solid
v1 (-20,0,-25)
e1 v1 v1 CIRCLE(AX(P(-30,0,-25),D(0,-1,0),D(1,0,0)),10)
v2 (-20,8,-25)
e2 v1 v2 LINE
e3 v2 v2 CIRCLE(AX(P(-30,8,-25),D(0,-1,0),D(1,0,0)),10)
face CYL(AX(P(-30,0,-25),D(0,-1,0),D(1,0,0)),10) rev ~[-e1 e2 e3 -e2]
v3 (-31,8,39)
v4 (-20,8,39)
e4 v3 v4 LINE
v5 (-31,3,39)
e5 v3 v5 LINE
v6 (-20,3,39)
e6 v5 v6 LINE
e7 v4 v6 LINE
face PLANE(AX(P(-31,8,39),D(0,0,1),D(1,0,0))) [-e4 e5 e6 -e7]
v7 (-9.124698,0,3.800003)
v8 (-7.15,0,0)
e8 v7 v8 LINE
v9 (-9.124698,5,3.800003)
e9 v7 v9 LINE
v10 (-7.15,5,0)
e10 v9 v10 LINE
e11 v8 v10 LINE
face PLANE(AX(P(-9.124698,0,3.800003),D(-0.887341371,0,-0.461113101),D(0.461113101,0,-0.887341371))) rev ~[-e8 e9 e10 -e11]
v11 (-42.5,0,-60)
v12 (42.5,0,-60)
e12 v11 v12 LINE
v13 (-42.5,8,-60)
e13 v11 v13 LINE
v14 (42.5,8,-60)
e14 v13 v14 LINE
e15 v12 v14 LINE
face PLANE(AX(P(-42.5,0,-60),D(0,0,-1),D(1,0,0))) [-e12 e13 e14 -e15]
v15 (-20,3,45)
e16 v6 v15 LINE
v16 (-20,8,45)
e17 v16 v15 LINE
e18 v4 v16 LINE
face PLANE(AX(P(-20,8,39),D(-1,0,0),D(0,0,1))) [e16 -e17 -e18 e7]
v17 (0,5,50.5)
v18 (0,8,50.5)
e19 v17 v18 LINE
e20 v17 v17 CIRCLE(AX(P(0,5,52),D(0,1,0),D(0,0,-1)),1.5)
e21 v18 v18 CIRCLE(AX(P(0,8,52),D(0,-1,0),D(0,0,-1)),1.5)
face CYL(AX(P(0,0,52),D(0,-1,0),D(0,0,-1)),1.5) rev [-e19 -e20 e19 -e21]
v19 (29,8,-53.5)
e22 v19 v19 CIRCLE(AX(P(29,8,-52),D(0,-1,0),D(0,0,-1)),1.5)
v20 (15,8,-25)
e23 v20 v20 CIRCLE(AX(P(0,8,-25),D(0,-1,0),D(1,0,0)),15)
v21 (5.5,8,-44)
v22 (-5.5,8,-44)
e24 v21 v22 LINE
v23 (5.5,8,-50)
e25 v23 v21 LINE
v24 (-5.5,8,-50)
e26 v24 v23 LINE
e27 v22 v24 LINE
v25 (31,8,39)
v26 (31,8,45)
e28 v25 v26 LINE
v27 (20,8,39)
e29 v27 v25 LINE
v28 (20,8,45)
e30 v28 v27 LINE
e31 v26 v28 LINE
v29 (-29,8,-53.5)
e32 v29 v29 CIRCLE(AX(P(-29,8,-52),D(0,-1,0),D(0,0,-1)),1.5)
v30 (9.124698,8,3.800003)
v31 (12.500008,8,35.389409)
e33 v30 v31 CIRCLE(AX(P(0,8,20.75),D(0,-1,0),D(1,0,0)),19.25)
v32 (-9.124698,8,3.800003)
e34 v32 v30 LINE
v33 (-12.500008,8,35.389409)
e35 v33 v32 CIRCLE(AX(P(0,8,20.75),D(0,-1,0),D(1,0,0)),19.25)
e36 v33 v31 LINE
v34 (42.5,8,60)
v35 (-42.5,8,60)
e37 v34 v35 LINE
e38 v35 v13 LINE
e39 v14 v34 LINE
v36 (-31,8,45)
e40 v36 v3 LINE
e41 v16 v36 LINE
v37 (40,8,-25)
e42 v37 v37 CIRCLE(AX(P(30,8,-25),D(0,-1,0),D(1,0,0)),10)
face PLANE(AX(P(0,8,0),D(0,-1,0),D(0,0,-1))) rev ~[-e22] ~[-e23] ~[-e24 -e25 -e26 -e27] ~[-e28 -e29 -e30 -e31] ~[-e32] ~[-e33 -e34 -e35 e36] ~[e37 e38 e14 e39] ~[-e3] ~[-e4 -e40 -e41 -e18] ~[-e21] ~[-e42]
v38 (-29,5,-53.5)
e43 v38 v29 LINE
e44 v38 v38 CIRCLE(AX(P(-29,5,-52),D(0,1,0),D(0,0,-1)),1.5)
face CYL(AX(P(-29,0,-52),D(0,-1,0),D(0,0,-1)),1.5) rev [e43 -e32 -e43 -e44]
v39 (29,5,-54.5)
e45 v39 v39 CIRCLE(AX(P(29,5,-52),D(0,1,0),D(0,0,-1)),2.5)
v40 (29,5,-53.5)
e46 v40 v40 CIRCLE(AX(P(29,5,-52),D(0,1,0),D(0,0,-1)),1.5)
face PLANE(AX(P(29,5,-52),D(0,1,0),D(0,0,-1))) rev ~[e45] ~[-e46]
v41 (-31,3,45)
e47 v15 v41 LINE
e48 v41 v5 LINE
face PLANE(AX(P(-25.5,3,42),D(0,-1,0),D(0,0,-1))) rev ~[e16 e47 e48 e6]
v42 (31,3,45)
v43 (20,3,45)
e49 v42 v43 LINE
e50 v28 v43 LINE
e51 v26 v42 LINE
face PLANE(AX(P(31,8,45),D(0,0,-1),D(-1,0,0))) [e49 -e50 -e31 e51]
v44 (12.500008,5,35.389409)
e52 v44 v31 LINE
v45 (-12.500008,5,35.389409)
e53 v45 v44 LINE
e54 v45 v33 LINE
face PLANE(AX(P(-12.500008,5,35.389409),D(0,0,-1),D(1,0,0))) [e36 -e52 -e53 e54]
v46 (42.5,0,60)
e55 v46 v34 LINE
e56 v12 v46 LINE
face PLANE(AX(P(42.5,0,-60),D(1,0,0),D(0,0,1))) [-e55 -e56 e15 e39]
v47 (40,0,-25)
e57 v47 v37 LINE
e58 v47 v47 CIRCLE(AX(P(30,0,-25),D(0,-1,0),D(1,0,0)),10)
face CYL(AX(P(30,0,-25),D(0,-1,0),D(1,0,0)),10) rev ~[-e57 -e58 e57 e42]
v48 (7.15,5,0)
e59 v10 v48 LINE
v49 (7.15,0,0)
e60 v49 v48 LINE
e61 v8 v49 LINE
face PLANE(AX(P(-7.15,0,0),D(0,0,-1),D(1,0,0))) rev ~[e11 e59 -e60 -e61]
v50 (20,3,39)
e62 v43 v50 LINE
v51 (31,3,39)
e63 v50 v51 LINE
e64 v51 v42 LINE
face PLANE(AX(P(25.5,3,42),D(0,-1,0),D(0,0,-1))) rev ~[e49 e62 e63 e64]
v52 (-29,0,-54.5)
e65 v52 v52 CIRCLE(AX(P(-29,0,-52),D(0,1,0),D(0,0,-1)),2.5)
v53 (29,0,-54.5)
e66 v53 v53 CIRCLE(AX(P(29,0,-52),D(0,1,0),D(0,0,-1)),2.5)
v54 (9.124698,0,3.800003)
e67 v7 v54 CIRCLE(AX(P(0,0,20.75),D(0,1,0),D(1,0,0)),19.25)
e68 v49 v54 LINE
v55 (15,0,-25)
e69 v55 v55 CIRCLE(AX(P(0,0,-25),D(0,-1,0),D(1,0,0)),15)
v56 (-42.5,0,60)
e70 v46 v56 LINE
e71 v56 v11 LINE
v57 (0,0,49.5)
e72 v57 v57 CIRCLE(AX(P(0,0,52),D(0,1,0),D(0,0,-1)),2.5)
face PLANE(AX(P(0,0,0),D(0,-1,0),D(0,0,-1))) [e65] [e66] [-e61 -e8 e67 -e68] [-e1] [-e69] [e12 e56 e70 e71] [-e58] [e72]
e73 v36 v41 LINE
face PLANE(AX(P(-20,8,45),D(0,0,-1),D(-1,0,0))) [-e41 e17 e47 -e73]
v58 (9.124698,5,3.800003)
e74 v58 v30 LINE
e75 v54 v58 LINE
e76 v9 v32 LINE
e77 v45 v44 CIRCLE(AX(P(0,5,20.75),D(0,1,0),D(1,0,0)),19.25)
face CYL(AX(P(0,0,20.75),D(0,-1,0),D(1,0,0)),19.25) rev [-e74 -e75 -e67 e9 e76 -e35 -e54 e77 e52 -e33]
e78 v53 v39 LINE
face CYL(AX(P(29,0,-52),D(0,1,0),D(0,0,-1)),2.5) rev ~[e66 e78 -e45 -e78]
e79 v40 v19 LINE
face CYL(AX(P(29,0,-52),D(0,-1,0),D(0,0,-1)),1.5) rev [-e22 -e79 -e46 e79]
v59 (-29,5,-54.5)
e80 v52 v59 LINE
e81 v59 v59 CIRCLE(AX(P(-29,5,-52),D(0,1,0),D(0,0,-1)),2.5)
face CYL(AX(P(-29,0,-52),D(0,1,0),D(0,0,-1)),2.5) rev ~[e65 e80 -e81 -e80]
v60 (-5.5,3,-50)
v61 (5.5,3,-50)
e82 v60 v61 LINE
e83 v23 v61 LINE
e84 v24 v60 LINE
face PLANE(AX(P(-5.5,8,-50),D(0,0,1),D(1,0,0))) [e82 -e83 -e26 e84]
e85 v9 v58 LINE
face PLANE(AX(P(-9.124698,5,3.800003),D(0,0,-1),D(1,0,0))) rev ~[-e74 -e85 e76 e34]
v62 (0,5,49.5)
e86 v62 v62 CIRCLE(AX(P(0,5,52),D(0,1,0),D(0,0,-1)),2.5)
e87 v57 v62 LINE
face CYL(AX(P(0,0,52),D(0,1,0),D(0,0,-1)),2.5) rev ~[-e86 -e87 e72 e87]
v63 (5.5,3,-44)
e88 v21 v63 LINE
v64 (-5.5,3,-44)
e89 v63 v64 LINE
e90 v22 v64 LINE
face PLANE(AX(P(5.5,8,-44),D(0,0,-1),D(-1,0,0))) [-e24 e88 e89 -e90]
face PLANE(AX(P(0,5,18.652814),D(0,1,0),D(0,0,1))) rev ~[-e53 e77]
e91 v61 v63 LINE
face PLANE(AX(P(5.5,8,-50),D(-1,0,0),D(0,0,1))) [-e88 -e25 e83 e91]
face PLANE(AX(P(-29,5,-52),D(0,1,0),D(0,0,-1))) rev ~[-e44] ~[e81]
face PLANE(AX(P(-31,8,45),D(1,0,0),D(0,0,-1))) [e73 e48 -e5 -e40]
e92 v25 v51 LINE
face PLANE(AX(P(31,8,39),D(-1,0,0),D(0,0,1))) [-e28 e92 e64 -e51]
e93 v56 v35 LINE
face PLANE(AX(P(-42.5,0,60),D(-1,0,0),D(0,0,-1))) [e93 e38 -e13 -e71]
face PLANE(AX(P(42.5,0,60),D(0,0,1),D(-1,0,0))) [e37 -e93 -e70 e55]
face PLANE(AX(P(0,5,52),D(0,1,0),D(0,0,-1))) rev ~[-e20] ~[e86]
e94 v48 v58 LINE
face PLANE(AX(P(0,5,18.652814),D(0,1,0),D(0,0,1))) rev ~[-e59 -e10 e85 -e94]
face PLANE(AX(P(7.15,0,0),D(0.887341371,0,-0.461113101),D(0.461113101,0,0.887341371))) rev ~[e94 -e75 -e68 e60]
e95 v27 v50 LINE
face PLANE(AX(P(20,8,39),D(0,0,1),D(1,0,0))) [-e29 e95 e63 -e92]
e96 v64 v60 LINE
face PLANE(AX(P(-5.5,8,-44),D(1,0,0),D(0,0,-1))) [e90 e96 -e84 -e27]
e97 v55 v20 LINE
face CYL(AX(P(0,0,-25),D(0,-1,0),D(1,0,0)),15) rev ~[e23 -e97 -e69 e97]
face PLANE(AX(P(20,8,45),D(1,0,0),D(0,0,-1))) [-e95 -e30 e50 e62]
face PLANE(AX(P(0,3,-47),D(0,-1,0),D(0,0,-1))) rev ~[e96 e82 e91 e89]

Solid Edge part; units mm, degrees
sketch "Sketch1" plane through (0, 0, 0) normal (0, -1, 0) x (1, 0, 0)
  line L0 (-42.5, -60) -> (42.5, -60)
  line L1 (42.5, -60) -> (42.5, 60)
  line L2 (42.5, 60) -> (-42.5, 60)
  line L3 (-42.5, 60) -> (-42.5, -60)
  dimension "D1" = 85
  dimension "D2" = 120
extrude "Protrusion1" add sketch "Sketch1" against normal blind 8
sketch "Sketch2" plane through (0, 0, 0) normal (0, -1, 0) x (1, 0, 0)
  arc A0 (-9.1247, 3.8) -> (9.1247, 3.8) centre (0, 20.75) cw
  line L0 (7.15, 0) -> (9.1247, 3.8)
  line L1 (-7.15, 0) -> (7.15, 0)
  line L2 (-9.1247, 3.8) -> (-7.15, 0)
  dimension "D1" = 19.25
  dimension "D2" = 14.3
  dimension "D3" = 40
  dimension "D4" = 3.8
  dimension "D5" = 20
extrude "display_cut_1" cut sketch "Sketch2" against normal blind 5
sketch "Sketch3" plane through (0, 5, 10) normal (0, -1, 0) x (1, 0, 0)
  arc A0 (12.5, 25.3894) -> (9.1247, -6.2) centre (0, 10.75) cw
  line L0 (-9.1247, -6.2) -> (9.1247, -6.2)
  arc A1 (-12.5, 25.3894) -> (-9.1247, -6.2) centre (0, 10.75) ccw
  line L1 (-12.5, 25.3894) -> (12.5, 25.3894)
  dimension "D1" = 25
  dimension "D2" = 4.6106
extrude "Cutout1" cut sketch "Sketch3" against normal through all
sketch "Sketch4" plane through (0, 0, 0) normal (0, -1, 0) x (1, 0, 0)
  circle A0 centre (0, -25) radius 15
  circle A1 centre (-30, -25) radius 10
  circle A2 centre (30, -25) radius 10
  dimension "D1" = 30
  dimension "D2" = 35
  dimension "D3" = 20
  dimension "D4" = 80
extrude "Cutout2" cut sketch "Sketch4" against normal through all
sketch "Sketch5" plane through (0, 8, 0) normal (0, 1, 0) x (-1, 0, 0)
  line L0 (-5.5, -44) -> (5.5, -44)
  line L1 (5.5, -44) -> (5.5, -50)
  line L2 (5.5, -50) -> (-5.5, -50)
  line L3 (-5.5, -50) -> (-5.5, -44)
  line L4 (-31, 45) -> (-20, 45)
  line L5 (-20, 45) -> (-20, 39)
  line L6 (-20, 39) -> (-31, 39)
  line L7 (-31, 39) -> (-31, 45)
  line L8 (20, 45) -> (31, 45)
  line L9 (31, 45) -> (31, 39)
  line L10 (31, 39) -> (20, 39)
  line L11 (20, 39) -> (20, 45)
extrude "GY_521" cut sketch "Sketch5" against normal blind 5
hole "Bohrung_1" at (0, 0, 52) direction (0, 1, 0) diameter 3 end up to next counterbore diameter 5 counterbore depth 5
hole "Hole1" at (-29, 0, -52) direction (0, 1, 0) diameter 3 end up to next counterbore diameter 5 counterbore depth 5
hole "Hole2" at (29, 0, -52) direction (0, 1, 0) diameter 3 end up to next counterbore diameter 5 counterbore depth 5
properties material "Nylon, allgemein"
